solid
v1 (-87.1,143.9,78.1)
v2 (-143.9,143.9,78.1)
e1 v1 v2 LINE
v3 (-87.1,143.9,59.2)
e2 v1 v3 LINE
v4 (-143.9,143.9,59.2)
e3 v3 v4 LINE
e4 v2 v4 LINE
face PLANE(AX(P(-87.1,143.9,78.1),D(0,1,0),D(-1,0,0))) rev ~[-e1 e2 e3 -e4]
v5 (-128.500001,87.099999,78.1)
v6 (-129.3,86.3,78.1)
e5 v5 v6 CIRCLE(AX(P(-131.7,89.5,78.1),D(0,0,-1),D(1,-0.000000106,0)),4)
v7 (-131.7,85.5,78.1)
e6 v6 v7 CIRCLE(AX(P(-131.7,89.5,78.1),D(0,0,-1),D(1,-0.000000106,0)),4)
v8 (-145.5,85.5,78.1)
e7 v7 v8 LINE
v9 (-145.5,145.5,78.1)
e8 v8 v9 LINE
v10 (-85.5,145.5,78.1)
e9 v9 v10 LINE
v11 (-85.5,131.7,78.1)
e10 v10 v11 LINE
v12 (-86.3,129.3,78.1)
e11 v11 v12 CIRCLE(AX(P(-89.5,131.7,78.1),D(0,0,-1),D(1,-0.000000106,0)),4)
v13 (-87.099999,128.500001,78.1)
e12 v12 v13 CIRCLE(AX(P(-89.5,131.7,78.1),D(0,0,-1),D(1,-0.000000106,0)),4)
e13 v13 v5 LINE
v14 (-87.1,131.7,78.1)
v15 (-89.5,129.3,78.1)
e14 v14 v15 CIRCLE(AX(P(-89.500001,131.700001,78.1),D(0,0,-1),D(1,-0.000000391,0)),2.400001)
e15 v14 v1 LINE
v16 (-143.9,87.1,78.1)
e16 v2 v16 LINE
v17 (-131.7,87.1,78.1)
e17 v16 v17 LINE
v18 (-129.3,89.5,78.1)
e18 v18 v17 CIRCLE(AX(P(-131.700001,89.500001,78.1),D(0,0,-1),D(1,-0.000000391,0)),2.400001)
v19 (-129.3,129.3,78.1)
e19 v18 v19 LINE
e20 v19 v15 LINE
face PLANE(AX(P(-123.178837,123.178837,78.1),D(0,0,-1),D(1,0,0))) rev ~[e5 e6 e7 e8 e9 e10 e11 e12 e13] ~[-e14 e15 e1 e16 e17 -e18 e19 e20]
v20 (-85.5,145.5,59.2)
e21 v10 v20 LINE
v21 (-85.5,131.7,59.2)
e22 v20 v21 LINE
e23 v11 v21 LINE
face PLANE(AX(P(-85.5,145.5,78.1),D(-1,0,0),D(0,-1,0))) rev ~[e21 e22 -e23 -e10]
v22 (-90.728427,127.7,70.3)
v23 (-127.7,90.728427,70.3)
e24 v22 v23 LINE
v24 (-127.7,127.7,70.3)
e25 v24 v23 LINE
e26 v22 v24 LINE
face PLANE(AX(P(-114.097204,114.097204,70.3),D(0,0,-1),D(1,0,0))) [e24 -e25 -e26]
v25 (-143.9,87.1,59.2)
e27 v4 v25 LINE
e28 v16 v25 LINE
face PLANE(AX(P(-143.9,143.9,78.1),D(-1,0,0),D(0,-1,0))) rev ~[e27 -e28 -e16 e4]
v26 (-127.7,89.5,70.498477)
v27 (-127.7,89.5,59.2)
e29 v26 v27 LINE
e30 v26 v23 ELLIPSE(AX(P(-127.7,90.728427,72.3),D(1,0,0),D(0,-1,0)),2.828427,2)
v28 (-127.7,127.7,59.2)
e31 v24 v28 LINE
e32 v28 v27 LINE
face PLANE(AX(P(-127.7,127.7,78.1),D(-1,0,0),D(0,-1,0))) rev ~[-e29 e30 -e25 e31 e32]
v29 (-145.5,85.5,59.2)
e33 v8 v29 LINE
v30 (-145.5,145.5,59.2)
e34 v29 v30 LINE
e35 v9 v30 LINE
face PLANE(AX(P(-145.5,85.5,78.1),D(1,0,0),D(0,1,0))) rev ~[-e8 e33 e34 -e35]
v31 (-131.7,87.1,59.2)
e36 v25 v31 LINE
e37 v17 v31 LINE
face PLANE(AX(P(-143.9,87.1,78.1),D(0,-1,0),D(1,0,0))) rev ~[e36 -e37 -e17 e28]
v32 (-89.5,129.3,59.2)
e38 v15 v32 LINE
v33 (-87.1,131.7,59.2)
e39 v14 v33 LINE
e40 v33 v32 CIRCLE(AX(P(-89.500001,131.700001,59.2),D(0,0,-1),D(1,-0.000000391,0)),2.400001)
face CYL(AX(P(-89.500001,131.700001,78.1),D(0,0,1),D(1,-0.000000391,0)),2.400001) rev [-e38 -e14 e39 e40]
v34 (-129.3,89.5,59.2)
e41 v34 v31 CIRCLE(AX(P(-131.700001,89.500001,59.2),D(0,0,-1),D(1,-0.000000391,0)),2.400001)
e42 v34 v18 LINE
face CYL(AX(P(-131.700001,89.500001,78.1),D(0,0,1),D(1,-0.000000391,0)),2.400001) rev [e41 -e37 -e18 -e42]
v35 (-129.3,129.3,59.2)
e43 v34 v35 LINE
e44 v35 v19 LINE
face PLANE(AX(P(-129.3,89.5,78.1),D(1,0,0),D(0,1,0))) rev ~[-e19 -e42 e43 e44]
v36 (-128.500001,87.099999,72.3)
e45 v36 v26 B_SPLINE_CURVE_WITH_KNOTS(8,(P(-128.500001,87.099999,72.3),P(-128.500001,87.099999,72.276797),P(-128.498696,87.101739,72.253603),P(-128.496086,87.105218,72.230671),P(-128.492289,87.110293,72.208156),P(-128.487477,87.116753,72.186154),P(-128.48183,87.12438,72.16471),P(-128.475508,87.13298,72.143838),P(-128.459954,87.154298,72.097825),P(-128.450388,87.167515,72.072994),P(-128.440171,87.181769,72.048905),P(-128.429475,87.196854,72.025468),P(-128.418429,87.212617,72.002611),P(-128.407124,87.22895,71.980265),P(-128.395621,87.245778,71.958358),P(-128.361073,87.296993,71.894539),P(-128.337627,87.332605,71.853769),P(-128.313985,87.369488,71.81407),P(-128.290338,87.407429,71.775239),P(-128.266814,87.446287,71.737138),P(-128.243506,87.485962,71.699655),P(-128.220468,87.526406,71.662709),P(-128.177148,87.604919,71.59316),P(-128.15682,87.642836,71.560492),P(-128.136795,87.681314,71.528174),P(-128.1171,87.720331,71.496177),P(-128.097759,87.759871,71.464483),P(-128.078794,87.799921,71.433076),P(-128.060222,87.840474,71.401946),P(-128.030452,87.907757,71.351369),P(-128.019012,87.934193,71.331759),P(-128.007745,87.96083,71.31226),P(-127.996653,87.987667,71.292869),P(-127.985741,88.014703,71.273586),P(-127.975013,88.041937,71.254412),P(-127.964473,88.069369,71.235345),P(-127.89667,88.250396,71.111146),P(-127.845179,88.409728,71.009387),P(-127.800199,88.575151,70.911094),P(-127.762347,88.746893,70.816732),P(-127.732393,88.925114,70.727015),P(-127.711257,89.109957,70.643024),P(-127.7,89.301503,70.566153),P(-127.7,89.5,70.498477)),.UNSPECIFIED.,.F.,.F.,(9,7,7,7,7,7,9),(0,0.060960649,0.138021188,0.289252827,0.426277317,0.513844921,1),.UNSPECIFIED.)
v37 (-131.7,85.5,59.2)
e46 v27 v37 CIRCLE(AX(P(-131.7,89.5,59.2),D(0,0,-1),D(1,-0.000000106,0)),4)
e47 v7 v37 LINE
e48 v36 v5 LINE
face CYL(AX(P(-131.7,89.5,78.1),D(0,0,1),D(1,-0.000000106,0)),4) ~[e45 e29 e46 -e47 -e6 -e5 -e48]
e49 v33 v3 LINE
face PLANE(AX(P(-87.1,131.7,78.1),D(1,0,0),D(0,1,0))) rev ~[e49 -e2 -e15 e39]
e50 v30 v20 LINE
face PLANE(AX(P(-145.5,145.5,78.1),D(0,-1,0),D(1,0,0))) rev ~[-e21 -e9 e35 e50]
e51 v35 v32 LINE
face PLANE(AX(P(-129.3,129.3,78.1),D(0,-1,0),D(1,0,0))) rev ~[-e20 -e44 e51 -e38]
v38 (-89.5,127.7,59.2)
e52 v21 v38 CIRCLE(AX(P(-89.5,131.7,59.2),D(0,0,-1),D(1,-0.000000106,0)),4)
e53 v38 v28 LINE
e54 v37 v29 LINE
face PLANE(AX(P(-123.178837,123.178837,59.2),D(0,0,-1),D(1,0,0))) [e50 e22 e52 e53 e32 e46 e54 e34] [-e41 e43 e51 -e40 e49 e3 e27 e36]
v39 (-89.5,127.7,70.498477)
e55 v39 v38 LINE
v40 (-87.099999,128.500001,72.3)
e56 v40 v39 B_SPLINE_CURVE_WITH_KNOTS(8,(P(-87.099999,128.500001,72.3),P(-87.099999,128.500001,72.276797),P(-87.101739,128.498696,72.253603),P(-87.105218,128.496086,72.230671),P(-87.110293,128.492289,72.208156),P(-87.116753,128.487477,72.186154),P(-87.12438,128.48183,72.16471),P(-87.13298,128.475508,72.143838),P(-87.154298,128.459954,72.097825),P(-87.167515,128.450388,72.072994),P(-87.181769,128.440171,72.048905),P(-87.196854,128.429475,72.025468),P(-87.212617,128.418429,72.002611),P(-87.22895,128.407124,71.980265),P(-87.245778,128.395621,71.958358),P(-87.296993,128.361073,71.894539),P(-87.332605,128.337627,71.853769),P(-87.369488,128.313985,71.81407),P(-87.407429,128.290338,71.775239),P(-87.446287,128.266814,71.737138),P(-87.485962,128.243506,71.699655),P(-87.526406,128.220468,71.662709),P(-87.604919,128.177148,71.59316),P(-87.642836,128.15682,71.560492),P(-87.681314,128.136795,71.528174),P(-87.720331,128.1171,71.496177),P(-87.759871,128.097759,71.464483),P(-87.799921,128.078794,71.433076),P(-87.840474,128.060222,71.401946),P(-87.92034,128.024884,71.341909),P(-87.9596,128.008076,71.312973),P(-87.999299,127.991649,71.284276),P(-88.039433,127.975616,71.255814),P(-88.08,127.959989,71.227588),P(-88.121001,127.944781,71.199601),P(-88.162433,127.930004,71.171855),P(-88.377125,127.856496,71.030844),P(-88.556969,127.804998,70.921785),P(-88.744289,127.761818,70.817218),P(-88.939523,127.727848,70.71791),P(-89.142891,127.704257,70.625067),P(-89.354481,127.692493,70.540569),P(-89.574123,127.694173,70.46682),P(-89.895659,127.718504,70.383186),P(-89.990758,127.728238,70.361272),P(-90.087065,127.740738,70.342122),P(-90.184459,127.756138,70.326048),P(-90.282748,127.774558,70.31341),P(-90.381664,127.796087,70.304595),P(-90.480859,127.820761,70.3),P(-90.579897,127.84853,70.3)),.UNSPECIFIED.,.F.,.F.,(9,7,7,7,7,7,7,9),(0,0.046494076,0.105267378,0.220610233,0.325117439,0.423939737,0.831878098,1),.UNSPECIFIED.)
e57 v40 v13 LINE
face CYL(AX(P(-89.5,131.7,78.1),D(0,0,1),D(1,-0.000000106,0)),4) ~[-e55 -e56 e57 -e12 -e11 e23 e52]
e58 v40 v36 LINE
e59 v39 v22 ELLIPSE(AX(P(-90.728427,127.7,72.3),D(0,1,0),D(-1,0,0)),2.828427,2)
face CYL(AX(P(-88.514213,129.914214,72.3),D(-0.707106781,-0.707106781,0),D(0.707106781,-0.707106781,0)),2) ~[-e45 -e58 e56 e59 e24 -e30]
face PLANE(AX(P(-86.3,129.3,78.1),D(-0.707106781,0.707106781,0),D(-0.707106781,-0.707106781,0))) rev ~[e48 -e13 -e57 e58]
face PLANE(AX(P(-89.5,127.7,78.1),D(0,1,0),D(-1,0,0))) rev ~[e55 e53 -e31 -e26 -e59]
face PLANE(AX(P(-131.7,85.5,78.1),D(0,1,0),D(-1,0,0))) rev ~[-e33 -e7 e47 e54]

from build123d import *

# Parameters (mm, degrees)
PAD081_DEPTH            = 18.9
PAD082_DEPTH            = 7.8
FILLET022_R             = 2
BODY069_PLACEMENT_ANGLE = 180


with BuildPart() as part:
    # Sketch131 → Pad081 (new body)
    with BuildSketch(Plane.XY):
        with BuildLine():
            Line((-30, 30), (-30, -30))
            Line((-30, -30), (30, -30))
            Line((30, -30), (30, -16.2))
            ThreePointArc((30, -16.2), (28.828427, -13.371573), (26, -12.2))
            Line((26, -12.2), (-12.2, -12.2))
            Line((-12.2, -12.2), (-12.2, 26))
            ThreePointArc((-12.2, 26), (-13.371573, 28.828427), (-16.2, 30))
            Line((-16.2, 30), (-30, 30))
        make_face()
        with BuildLine():
            Line((-28.4, 28.4), (-16.2, 28.4))
            ThreePointArc((-13.8, 26), (-14.502944, 27.697056), (-16.2, 28.4))
            Line((-13.8, 26), (-13.8, -13.8))
            Line((-13.8, -13.8), (26, -13.8))
            ThreePointArc((28.4, -16.2), (27.697056, -14.502944), (26, -13.8))
            Line((28.4, -16.2), (28.4, -28.4))
            Line((28.4, -28.4), (-28.4, -28.4))
            Line((-28.4, -28.4), (-28.4, 28.4))
        make_face(mode=Mode.SUBTRACT)
    extrude(amount=PAD081_DEPTH)

    # Sketch132 → Pad082 (join)
    with BuildSketch(Plane.XY):
        Polygon((-13.8, 29.2), (-13.8, -13.8), (29.2, -13.8), align=None)
    extrude(amount=PAD082_DEPTH)

    # Fillet022
    fillet022_edges = [part.edges().sort_by_distance(p)[0] for p in [
        (7.7, 7.7, 7.8),
    ]]
    fillet(fillet022_edges, radius=FILLET022_R)


with BuildPart() as part_1:
    # Body069 placement: moved
    add(part.part.moved(Location((-115.5, 115.5, 78.1))).rotate(Axis((-115.5, 115.5, 78.1), (1, 0, 0)), BODY069_PLACEMENT_ANGLE))


solid = part_1.part
